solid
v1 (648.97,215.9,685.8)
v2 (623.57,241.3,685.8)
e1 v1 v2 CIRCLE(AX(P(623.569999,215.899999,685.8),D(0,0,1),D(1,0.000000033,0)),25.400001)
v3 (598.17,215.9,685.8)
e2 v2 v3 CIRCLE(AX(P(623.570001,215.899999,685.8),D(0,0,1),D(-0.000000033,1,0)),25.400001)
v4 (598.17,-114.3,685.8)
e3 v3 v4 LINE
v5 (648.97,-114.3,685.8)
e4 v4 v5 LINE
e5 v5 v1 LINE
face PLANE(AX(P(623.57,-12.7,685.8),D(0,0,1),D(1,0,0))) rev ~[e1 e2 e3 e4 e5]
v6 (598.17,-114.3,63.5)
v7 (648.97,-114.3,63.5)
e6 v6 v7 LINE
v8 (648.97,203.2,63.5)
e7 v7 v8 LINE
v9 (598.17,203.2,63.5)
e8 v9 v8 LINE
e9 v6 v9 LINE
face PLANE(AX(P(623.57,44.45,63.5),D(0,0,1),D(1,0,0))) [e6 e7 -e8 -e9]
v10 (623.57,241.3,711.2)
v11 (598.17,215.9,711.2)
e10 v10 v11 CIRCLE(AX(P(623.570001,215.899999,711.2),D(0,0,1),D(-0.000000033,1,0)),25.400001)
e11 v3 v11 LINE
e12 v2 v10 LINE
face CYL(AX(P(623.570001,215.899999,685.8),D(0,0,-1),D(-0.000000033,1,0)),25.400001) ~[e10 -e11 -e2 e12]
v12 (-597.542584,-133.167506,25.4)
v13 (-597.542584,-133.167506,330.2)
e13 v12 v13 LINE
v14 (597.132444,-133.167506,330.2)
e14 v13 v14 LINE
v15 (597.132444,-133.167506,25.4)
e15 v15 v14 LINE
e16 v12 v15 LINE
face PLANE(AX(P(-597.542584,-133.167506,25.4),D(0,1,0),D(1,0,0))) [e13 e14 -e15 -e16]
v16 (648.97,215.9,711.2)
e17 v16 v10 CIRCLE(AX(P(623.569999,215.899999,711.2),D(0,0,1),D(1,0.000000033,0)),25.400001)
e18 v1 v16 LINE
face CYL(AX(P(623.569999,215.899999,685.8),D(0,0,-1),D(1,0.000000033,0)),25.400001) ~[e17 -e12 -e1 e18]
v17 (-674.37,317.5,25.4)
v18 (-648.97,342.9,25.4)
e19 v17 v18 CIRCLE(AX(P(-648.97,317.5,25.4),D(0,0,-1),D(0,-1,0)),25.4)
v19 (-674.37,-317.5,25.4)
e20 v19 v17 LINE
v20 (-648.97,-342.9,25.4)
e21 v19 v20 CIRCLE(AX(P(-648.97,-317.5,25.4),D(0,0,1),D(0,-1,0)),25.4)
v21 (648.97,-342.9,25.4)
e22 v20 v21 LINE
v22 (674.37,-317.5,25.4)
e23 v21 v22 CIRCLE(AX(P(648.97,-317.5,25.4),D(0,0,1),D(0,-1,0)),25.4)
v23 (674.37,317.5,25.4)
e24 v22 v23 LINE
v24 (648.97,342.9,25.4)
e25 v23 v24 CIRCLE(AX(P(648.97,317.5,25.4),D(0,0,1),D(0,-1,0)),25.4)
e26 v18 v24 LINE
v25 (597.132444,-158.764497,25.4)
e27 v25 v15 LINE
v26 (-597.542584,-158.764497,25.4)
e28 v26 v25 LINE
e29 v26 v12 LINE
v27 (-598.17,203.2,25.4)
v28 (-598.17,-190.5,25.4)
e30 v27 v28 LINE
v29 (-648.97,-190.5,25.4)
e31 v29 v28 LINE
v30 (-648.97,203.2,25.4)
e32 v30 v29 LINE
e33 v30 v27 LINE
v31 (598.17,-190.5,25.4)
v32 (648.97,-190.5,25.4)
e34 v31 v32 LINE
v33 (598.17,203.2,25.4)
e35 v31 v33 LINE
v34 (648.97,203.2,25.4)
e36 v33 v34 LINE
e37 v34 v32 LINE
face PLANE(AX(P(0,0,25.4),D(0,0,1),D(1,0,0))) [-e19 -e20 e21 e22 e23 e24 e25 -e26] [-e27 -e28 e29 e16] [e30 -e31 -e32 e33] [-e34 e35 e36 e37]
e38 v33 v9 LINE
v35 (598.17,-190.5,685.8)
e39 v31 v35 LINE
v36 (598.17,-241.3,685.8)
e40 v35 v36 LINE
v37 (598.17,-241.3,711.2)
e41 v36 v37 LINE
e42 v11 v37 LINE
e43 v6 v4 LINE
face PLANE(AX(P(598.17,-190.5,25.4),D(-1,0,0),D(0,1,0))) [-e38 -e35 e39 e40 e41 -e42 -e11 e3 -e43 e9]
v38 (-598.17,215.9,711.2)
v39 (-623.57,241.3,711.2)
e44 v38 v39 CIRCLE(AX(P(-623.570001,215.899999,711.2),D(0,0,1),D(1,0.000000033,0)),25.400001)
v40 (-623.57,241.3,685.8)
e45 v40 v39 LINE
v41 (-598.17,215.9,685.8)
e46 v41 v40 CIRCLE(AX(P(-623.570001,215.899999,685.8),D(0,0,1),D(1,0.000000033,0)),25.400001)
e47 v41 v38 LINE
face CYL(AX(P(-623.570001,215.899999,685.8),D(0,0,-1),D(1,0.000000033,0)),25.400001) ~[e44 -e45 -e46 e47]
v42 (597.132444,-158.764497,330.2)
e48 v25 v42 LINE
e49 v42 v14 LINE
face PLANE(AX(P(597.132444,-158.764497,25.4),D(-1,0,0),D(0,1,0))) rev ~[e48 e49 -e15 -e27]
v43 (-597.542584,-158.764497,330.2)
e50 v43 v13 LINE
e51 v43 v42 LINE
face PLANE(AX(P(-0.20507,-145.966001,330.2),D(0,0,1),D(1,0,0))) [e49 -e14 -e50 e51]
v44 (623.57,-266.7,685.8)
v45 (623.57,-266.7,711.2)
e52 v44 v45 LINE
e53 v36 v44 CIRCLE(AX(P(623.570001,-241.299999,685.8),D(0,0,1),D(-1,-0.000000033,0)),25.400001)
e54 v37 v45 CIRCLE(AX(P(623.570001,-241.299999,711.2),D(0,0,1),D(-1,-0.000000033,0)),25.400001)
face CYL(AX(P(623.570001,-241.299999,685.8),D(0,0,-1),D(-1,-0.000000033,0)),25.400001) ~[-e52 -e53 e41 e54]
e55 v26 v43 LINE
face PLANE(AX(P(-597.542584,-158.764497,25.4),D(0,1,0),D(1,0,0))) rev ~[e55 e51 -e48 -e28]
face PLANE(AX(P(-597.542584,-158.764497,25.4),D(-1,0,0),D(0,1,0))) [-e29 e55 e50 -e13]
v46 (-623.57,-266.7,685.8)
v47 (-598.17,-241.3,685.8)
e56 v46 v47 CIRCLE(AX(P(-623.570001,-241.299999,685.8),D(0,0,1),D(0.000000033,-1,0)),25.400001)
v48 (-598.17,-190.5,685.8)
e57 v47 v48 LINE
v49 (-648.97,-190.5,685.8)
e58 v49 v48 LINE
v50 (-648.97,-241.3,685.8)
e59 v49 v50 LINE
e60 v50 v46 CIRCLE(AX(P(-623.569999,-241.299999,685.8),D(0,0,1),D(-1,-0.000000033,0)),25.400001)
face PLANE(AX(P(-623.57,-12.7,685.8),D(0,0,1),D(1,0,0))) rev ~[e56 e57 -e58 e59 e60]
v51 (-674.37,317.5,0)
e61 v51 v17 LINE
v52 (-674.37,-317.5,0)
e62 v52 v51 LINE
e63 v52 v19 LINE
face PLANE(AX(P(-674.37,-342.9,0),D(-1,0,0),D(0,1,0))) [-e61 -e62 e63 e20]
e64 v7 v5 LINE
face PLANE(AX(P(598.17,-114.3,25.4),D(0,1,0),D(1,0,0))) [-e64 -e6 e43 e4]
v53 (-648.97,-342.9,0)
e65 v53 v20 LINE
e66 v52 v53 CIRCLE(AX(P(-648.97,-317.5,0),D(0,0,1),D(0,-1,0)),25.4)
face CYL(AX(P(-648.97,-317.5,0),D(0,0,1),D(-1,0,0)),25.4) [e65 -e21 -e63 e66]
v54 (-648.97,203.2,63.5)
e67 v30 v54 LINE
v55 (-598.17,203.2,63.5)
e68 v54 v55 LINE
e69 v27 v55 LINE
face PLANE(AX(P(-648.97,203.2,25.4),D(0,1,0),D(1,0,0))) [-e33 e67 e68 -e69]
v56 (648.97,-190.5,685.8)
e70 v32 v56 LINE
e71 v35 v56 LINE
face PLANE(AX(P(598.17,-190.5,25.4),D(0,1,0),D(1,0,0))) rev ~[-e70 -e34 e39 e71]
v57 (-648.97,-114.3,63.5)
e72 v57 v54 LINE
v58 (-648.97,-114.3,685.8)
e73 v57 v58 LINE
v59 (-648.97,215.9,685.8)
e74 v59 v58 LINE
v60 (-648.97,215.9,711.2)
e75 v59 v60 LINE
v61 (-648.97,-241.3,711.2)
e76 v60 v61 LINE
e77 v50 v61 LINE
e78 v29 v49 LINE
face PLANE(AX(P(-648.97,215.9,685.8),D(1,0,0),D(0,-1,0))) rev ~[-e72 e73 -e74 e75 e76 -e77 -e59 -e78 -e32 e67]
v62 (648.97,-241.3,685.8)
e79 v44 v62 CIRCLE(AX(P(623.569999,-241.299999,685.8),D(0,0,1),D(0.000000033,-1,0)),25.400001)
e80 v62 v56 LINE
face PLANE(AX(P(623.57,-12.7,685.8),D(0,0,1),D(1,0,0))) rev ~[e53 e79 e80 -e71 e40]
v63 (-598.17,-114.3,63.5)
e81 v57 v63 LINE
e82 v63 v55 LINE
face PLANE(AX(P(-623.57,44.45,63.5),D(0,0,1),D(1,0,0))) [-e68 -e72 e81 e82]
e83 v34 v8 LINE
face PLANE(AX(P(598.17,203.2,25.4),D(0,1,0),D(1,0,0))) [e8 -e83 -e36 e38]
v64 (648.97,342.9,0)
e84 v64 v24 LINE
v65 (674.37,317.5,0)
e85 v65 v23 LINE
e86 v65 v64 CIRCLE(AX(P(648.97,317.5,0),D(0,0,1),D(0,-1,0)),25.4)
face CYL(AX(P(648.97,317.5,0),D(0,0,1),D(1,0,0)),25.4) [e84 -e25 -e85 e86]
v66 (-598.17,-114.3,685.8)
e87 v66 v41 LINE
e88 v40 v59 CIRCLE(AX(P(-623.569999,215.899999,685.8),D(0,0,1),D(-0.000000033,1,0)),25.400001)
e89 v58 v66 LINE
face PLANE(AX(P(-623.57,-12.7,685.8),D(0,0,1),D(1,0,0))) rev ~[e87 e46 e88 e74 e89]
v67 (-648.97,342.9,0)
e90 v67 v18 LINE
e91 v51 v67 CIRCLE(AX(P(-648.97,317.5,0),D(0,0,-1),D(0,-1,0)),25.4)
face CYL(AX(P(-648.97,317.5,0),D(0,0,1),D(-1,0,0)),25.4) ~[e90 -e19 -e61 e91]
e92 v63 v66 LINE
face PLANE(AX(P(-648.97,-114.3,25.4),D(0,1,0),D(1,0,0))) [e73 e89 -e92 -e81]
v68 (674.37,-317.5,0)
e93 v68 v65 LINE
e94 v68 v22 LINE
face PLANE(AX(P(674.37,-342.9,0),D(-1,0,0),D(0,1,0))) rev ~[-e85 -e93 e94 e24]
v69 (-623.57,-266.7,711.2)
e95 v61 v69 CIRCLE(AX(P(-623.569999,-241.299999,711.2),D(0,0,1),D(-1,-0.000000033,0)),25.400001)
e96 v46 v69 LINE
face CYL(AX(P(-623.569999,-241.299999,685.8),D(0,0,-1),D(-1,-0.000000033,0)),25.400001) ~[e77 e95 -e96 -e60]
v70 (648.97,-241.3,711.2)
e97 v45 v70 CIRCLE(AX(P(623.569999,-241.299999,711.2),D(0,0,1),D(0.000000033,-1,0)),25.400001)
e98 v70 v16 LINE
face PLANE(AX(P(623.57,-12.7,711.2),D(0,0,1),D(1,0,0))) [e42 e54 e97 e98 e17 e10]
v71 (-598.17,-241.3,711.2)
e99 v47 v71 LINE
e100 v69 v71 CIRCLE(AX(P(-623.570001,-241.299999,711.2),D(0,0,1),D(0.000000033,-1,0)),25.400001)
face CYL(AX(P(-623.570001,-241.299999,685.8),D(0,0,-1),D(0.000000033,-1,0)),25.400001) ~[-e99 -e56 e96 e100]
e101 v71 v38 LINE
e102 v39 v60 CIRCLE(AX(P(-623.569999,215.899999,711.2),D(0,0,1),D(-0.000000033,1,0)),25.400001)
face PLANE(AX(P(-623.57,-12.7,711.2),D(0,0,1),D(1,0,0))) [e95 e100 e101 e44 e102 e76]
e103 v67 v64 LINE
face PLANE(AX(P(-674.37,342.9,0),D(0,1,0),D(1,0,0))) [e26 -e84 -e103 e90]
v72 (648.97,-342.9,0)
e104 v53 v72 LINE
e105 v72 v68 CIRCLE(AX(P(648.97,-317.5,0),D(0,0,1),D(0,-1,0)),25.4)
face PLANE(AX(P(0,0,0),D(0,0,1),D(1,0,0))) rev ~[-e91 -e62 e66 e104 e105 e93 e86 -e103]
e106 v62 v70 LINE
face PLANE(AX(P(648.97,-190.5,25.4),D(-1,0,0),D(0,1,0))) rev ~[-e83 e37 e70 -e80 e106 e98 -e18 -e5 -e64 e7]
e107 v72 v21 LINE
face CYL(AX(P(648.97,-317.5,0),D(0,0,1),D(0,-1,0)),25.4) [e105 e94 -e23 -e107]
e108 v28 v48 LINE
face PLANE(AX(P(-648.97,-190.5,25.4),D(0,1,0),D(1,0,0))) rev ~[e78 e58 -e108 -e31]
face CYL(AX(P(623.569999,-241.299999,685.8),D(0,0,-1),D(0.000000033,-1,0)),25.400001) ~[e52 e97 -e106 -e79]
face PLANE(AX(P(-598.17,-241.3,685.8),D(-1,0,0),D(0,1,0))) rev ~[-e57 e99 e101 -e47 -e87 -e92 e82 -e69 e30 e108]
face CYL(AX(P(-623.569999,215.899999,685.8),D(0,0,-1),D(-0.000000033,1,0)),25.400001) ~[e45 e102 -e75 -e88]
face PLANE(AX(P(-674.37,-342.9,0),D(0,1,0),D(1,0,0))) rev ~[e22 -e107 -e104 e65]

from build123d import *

# Parameters (mm, degrees)
F0_W      = 1348.74
F0_H      = 685.8
F1_DEPTH  = 25.4
F3_W      = 50.8
F3_H      = 317.5
F4_DEPTH  = 38.1
F5_W      = 50.8
F5_H      = 76.2
F6_DEPTH  = 660.4
F8_DEPTH  = 25.4
F9_W      = 1194.675028
F9_H      = 25.596991
F10_DEPTH = 304.8
F11_R     = 25.4
F12_R     = 25.4
F13_R     = 25.4
F14_R     = 25.4


with BuildPart() as f1:
    # F0 (on Top) → F1 (new body)
    with BuildSketch(Plane.XY):
        Rectangle(F0_W, F0_H)
    extrude(amount=F1_DEPTH)

    # F3 (on face) → F4 (join)
    with BuildSketch(Plane.XY.offset(25.4)):
        with Locations((-623.57, 44.45)):
            Rectangle(F3_W, F3_H)
        with Locations((623.57, 44.45)):
            Rectangle(F3_W, F3_H)
    extrude(amount=F4_DEPTH)

    # F5 (on face) → F6 (join)
    with BuildSketch(Plane.XY.offset(25.4)):
        with Locations((-623.57, -152.4)):
            Rectangle(F5_W, F5_H)
        with Locations((623.57, -152.4)):
            Rectangle(F5_W, F5_H)
    extrude(amount=F6_DEPTH)

    # F7 (on face) → F8 (join)
    with BuildSketch(Plane.XY.offset(685.8)):
        with BuildLine():
            ThreePointArc((-623.57, 241.3), (-641.530512, 233.860512), (-648.97, 215.9))
            Line((-648.97, 215.9), (-648.97, -241.3))
            ThreePointArc((-648.97, -241.3), (-641.530512, -259.260512), (-623.57, -266.7))
            ThreePointArc((-623.57, -266.7), (-605.609488, -259.260512), (-598.17, -241.3))
            Line((-598.17, -241.3), (-598.17, 215.9))
            ThreePointArc((-598.17, 215.9), (-605.609488, 233.860512), (-623.57, 241.3))
        make_face()
        with BuildLine():
            Line((648.97, -241.3), (648.97, 215.9))
            ThreePointArc((648.97, 215.9), (641.530512, 233.860512), (623.57, 241.3))
            ThreePointArc((623.57, 241.3), (605.609488, 233.860512), (598.17, 215.9))
            Line((598.17, 215.9), (598.17, -241.3))
            ThreePointArc((598.17, -241.3), (605.609488, -259.260512), (623.57, -266.7))
            ThreePointArc((623.57, -266.7), (641.530512, -259.260512), (648.97, -241.3))
        make_face()
    extrude(amount=F8_DEPTH)

    # F9 (on face) → F10 (join)
    with BuildSketch(Plane.XY.offset(25.4)):
        with Locations((-0.20507, -145.966001)):
            Rectangle(F9_W, F9_H)
    extrude(amount=F10_DEPTH)

    # F11
    f11_edges = [f1.edges().sort_by_distance(p)[0] for p in [
        (-674.37, 342.9, 12.7),
    ]]
    fillet(f11_edges, radius=F11_R)

    # F12
    f12_edges = [f1.edges().sort_by_distance(p)[0] for p in [
        (-674.37, -342.9, 12.7),
    ]]
    fillet(f12_edges, radius=F12_R)

    # F13
    f13_edges = [f1.edges().sort_by_distance(p)[0] for p in [
        (674.37, -342.9, 12.7),
    ]]
    fillet(f13_edges, radius=F13_R)

    # F14
    f14_edges = [f1.edges().sort_by_distance(p)[0] for p in [
        (674.37, 342.9, 12.7),
    ]]
    fillet(f14_edges, radius=F14_R)


solid = f1.part
